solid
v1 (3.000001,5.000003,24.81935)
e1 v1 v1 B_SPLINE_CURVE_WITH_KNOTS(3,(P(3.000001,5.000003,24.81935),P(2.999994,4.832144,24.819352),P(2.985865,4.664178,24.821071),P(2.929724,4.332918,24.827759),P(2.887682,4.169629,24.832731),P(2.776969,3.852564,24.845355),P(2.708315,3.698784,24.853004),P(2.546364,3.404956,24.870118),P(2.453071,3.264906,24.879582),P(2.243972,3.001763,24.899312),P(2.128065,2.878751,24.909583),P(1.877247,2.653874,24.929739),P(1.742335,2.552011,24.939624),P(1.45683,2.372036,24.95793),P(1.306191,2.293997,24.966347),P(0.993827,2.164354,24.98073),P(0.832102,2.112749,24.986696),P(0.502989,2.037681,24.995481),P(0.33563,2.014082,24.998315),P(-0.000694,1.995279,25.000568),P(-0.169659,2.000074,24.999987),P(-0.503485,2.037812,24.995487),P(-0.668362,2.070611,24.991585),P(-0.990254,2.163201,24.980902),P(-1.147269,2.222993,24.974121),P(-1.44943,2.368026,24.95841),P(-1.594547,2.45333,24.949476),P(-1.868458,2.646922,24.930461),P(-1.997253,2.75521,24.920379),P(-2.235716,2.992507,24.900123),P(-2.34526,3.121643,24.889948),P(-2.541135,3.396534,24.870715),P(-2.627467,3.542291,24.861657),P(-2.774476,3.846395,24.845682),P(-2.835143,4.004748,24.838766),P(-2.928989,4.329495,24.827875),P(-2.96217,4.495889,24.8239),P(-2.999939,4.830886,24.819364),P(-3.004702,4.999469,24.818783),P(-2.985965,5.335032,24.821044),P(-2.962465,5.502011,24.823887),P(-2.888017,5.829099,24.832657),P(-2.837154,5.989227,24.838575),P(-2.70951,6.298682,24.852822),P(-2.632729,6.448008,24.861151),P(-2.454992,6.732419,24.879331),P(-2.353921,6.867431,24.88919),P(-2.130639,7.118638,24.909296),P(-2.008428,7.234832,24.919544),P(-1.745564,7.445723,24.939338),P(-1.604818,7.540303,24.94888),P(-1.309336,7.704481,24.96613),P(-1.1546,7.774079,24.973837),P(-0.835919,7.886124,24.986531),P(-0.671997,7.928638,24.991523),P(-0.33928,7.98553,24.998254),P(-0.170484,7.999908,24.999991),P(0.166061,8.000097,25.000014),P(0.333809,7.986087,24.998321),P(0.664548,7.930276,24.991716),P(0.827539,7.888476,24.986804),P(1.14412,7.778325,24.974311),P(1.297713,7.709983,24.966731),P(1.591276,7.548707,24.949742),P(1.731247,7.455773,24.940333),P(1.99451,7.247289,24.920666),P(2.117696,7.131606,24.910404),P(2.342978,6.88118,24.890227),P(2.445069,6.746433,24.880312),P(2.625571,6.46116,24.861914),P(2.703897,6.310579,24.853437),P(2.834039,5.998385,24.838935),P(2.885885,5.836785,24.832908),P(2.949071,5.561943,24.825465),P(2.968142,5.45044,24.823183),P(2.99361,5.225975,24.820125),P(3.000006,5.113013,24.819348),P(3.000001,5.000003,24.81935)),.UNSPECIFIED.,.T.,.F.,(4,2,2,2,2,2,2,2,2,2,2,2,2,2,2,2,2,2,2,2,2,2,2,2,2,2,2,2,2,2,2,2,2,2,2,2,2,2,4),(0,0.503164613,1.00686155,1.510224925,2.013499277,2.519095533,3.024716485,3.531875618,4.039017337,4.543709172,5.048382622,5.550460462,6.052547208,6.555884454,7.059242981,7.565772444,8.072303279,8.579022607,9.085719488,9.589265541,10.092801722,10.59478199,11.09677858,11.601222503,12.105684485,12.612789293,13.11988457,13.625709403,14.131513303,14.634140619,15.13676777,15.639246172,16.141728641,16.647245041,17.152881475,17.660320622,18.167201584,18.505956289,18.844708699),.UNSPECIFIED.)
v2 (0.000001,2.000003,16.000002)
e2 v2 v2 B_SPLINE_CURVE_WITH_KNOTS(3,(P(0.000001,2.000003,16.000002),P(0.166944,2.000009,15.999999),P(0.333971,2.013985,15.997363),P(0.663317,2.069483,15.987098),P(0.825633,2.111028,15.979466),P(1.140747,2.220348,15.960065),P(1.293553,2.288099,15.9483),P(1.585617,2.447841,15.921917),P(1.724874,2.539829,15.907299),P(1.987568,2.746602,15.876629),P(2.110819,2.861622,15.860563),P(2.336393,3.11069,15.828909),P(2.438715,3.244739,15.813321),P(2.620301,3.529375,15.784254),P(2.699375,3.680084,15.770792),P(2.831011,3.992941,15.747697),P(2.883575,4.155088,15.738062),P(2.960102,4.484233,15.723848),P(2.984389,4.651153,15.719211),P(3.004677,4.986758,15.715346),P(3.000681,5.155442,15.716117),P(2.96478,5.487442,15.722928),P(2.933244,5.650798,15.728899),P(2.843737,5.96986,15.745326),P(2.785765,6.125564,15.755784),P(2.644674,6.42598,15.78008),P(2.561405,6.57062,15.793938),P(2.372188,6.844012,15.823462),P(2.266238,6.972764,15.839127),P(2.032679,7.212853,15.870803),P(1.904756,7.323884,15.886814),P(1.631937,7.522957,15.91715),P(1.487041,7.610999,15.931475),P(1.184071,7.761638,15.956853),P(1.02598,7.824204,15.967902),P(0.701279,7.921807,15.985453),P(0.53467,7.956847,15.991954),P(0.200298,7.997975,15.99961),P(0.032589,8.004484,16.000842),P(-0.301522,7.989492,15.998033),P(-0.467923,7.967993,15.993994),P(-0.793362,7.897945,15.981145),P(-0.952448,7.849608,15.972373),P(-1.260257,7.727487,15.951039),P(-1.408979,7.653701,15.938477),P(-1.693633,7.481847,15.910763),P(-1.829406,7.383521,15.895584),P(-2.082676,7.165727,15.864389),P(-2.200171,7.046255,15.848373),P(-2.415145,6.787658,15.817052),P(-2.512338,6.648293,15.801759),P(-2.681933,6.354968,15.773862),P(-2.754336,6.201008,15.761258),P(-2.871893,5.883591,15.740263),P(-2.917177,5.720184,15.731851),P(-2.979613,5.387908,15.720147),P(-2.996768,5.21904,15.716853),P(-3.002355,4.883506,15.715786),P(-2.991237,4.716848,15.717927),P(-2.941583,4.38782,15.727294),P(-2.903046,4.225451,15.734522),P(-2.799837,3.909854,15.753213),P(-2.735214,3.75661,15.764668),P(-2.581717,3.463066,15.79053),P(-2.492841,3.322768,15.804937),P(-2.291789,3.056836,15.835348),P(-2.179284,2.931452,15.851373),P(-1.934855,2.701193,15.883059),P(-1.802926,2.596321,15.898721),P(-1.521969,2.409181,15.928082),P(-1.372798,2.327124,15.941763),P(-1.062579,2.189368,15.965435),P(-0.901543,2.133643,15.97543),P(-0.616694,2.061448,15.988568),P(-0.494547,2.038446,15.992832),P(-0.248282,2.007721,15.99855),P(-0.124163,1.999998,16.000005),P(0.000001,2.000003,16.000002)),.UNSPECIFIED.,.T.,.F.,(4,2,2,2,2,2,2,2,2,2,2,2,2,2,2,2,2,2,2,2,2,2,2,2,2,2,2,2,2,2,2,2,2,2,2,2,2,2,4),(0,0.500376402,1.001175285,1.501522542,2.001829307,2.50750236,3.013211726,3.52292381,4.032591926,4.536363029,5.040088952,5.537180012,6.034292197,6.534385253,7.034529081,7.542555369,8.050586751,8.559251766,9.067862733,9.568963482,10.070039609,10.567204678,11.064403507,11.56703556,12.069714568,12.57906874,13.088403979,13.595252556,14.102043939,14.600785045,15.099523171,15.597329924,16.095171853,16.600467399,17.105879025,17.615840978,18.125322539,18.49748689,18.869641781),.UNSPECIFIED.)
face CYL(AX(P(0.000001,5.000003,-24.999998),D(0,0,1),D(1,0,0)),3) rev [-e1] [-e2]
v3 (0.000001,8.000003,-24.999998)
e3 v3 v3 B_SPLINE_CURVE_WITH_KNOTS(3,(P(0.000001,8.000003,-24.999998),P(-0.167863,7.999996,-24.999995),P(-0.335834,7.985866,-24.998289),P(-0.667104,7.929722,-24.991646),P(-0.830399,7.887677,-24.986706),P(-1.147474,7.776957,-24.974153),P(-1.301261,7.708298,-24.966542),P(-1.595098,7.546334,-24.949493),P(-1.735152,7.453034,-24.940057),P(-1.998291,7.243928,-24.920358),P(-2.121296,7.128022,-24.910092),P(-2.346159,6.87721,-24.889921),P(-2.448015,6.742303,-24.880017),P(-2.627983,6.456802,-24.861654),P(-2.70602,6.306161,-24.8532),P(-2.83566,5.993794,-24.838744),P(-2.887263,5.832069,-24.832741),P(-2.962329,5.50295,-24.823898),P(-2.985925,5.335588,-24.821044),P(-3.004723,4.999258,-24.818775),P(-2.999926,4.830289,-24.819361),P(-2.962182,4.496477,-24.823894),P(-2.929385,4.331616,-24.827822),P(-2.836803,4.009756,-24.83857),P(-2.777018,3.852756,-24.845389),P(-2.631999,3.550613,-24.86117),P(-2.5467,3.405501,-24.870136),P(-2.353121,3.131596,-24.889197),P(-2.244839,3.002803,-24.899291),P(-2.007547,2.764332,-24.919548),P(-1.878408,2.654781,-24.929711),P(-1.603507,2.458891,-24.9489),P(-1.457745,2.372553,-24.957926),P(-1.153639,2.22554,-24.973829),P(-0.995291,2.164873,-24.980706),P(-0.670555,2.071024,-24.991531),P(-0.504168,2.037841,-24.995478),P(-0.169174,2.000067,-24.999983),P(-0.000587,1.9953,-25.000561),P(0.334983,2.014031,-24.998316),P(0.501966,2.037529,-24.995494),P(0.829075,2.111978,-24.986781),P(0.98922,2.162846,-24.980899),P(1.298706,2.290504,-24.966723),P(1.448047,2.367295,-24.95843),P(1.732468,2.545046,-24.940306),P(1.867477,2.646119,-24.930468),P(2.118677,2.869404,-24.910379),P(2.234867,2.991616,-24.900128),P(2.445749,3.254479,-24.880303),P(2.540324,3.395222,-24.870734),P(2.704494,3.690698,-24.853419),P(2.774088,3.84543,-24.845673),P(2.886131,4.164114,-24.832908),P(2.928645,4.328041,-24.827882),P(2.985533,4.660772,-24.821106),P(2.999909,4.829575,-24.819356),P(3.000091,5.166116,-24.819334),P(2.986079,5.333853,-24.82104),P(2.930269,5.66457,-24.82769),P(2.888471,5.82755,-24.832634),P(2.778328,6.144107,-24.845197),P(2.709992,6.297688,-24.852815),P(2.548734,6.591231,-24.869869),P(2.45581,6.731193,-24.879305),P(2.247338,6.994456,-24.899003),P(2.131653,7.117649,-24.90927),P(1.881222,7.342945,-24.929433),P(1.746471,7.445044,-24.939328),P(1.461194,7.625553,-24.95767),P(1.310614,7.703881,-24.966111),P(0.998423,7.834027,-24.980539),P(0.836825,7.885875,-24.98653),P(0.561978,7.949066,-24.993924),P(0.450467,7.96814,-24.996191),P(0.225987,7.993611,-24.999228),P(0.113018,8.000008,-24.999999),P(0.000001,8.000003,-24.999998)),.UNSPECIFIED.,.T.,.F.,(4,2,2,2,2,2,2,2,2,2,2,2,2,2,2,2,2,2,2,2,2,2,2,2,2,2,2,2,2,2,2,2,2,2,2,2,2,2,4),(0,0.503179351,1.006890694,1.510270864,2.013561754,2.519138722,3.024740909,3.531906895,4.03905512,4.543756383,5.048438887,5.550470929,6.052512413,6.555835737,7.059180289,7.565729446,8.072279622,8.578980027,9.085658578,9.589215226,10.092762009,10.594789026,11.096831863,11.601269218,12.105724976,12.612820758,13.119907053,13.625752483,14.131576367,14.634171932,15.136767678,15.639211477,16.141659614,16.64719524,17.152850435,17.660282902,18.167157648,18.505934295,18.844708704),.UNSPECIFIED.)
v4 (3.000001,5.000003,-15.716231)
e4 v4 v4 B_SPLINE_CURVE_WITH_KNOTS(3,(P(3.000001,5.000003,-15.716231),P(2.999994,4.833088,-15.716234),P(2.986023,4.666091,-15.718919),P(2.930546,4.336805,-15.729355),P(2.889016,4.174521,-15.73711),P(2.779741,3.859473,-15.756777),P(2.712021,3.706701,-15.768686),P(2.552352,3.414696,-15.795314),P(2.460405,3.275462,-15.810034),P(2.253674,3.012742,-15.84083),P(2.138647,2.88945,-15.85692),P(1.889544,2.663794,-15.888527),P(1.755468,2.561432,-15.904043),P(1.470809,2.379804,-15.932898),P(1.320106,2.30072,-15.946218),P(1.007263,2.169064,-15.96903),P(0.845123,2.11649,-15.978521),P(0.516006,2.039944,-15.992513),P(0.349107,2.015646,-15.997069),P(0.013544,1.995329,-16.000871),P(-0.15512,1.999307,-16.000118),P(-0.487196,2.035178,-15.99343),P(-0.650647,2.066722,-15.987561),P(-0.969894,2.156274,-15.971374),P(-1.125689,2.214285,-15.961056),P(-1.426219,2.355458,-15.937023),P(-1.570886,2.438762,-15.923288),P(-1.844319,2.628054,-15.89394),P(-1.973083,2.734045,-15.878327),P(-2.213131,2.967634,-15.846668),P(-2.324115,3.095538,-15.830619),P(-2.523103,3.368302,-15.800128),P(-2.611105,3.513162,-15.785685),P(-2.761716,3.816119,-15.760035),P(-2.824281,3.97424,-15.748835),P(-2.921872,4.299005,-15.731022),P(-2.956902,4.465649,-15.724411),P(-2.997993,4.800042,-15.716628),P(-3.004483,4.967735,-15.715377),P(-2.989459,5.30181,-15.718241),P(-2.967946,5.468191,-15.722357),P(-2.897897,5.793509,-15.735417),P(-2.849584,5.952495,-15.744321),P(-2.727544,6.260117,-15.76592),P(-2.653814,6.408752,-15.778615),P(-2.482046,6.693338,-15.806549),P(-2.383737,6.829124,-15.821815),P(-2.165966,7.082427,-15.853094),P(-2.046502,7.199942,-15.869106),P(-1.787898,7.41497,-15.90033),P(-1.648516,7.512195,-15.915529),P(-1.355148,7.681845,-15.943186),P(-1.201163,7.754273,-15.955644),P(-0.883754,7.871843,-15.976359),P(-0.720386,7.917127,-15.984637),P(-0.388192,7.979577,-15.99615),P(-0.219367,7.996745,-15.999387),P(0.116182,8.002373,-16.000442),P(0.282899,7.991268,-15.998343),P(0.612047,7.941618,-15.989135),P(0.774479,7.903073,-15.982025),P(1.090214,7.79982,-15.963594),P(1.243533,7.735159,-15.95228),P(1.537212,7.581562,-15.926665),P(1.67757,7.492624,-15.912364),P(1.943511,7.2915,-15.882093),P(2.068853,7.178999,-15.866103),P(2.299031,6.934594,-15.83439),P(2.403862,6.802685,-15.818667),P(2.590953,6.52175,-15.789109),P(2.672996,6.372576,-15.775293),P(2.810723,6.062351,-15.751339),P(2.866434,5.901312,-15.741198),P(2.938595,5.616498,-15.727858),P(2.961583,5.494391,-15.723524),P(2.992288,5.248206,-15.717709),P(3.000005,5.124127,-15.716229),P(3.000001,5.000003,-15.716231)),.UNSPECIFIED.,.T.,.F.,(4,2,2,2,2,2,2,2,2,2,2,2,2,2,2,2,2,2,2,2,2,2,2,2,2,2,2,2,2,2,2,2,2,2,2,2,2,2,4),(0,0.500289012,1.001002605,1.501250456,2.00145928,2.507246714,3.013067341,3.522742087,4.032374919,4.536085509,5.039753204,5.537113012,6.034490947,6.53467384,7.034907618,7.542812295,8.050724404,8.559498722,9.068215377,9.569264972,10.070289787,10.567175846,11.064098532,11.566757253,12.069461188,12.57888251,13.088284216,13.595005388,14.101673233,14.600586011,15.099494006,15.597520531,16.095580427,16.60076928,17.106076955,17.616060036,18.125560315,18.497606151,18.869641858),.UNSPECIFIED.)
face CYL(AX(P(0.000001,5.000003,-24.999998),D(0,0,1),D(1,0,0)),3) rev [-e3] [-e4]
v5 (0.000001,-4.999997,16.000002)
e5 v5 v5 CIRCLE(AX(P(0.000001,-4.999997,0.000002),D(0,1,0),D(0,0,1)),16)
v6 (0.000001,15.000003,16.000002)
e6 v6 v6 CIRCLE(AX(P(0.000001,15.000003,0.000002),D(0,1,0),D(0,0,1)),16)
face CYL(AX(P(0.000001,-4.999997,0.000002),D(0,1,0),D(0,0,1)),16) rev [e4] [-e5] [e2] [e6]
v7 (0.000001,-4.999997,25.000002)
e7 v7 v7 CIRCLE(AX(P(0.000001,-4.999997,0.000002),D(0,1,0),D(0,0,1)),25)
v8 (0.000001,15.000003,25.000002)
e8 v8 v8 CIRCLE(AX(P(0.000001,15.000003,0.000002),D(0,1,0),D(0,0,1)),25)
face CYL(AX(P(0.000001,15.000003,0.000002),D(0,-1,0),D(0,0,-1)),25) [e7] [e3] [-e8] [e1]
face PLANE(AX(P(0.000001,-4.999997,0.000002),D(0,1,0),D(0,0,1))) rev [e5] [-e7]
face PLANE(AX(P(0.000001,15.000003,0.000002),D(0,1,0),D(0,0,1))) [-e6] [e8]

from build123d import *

# Parameters (mm, degrees)
SKETCH2_R               = 12.5
BOSS_EXTRUDE1_DEPTH     = 10
SKETCH3_R               = 8
CUT_EXTRUDE1_DEPTH      = 10
SKETCH5_R               = 1.5
CUT_EXTRUDE2_DEPTH      = 13.5
CUT_EXTRUDE2_DEPTH_BACK = 13.5
SCALE1_SCALE            = 2


with BuildPart() as part:
    # Sketch2 → Boss-Extrude1 (new body)
    with BuildSketch(Plane(origin=(0, 0, 0), x_dir=(1, 0, 0), z_dir=(0, 1, 0))):
        Circle(SKETCH2_R)
    extrude(amount=BOSS_EXTRUDE1_DEPTH)

    # Sketch3 → Cut-Extrude1 (cut)
    with BuildSketch(Plane(origin=(0, 10, 0), x_dir=(1, 0, 0), z_dir=(0, 1, 0))):
        Circle(SKETCH3_R)
    extrude(amount=-CUT_EXTRUDE1_DEPTH, mode=Mode.SUBTRACT)

    # Sketch5 → Cut-Extrude2 (cut, two sides)
    with BuildSketch(Plane.XY) as cut_extrude2_sk:
        with Locations((0, 5)):
            Circle(SKETCH5_R)
    extrude(amount=CUT_EXTRUDE2_DEPTH, mode=Mode.SUBTRACT)
    extrude(cut_extrude2_sk.sketch, amount=-CUT_EXTRUDE2_DEPTH_BACK, mode=Mode.SUBTRACT)


with BuildPart() as part_1:
    # Scale1: scaled about (1.973e-06, 5.000003293, 0)
    add(part.part.scale(SCALE1_SCALE).moved(Location((-1.973e-06, -5.000003293, 0))))


solid = part_1.part
